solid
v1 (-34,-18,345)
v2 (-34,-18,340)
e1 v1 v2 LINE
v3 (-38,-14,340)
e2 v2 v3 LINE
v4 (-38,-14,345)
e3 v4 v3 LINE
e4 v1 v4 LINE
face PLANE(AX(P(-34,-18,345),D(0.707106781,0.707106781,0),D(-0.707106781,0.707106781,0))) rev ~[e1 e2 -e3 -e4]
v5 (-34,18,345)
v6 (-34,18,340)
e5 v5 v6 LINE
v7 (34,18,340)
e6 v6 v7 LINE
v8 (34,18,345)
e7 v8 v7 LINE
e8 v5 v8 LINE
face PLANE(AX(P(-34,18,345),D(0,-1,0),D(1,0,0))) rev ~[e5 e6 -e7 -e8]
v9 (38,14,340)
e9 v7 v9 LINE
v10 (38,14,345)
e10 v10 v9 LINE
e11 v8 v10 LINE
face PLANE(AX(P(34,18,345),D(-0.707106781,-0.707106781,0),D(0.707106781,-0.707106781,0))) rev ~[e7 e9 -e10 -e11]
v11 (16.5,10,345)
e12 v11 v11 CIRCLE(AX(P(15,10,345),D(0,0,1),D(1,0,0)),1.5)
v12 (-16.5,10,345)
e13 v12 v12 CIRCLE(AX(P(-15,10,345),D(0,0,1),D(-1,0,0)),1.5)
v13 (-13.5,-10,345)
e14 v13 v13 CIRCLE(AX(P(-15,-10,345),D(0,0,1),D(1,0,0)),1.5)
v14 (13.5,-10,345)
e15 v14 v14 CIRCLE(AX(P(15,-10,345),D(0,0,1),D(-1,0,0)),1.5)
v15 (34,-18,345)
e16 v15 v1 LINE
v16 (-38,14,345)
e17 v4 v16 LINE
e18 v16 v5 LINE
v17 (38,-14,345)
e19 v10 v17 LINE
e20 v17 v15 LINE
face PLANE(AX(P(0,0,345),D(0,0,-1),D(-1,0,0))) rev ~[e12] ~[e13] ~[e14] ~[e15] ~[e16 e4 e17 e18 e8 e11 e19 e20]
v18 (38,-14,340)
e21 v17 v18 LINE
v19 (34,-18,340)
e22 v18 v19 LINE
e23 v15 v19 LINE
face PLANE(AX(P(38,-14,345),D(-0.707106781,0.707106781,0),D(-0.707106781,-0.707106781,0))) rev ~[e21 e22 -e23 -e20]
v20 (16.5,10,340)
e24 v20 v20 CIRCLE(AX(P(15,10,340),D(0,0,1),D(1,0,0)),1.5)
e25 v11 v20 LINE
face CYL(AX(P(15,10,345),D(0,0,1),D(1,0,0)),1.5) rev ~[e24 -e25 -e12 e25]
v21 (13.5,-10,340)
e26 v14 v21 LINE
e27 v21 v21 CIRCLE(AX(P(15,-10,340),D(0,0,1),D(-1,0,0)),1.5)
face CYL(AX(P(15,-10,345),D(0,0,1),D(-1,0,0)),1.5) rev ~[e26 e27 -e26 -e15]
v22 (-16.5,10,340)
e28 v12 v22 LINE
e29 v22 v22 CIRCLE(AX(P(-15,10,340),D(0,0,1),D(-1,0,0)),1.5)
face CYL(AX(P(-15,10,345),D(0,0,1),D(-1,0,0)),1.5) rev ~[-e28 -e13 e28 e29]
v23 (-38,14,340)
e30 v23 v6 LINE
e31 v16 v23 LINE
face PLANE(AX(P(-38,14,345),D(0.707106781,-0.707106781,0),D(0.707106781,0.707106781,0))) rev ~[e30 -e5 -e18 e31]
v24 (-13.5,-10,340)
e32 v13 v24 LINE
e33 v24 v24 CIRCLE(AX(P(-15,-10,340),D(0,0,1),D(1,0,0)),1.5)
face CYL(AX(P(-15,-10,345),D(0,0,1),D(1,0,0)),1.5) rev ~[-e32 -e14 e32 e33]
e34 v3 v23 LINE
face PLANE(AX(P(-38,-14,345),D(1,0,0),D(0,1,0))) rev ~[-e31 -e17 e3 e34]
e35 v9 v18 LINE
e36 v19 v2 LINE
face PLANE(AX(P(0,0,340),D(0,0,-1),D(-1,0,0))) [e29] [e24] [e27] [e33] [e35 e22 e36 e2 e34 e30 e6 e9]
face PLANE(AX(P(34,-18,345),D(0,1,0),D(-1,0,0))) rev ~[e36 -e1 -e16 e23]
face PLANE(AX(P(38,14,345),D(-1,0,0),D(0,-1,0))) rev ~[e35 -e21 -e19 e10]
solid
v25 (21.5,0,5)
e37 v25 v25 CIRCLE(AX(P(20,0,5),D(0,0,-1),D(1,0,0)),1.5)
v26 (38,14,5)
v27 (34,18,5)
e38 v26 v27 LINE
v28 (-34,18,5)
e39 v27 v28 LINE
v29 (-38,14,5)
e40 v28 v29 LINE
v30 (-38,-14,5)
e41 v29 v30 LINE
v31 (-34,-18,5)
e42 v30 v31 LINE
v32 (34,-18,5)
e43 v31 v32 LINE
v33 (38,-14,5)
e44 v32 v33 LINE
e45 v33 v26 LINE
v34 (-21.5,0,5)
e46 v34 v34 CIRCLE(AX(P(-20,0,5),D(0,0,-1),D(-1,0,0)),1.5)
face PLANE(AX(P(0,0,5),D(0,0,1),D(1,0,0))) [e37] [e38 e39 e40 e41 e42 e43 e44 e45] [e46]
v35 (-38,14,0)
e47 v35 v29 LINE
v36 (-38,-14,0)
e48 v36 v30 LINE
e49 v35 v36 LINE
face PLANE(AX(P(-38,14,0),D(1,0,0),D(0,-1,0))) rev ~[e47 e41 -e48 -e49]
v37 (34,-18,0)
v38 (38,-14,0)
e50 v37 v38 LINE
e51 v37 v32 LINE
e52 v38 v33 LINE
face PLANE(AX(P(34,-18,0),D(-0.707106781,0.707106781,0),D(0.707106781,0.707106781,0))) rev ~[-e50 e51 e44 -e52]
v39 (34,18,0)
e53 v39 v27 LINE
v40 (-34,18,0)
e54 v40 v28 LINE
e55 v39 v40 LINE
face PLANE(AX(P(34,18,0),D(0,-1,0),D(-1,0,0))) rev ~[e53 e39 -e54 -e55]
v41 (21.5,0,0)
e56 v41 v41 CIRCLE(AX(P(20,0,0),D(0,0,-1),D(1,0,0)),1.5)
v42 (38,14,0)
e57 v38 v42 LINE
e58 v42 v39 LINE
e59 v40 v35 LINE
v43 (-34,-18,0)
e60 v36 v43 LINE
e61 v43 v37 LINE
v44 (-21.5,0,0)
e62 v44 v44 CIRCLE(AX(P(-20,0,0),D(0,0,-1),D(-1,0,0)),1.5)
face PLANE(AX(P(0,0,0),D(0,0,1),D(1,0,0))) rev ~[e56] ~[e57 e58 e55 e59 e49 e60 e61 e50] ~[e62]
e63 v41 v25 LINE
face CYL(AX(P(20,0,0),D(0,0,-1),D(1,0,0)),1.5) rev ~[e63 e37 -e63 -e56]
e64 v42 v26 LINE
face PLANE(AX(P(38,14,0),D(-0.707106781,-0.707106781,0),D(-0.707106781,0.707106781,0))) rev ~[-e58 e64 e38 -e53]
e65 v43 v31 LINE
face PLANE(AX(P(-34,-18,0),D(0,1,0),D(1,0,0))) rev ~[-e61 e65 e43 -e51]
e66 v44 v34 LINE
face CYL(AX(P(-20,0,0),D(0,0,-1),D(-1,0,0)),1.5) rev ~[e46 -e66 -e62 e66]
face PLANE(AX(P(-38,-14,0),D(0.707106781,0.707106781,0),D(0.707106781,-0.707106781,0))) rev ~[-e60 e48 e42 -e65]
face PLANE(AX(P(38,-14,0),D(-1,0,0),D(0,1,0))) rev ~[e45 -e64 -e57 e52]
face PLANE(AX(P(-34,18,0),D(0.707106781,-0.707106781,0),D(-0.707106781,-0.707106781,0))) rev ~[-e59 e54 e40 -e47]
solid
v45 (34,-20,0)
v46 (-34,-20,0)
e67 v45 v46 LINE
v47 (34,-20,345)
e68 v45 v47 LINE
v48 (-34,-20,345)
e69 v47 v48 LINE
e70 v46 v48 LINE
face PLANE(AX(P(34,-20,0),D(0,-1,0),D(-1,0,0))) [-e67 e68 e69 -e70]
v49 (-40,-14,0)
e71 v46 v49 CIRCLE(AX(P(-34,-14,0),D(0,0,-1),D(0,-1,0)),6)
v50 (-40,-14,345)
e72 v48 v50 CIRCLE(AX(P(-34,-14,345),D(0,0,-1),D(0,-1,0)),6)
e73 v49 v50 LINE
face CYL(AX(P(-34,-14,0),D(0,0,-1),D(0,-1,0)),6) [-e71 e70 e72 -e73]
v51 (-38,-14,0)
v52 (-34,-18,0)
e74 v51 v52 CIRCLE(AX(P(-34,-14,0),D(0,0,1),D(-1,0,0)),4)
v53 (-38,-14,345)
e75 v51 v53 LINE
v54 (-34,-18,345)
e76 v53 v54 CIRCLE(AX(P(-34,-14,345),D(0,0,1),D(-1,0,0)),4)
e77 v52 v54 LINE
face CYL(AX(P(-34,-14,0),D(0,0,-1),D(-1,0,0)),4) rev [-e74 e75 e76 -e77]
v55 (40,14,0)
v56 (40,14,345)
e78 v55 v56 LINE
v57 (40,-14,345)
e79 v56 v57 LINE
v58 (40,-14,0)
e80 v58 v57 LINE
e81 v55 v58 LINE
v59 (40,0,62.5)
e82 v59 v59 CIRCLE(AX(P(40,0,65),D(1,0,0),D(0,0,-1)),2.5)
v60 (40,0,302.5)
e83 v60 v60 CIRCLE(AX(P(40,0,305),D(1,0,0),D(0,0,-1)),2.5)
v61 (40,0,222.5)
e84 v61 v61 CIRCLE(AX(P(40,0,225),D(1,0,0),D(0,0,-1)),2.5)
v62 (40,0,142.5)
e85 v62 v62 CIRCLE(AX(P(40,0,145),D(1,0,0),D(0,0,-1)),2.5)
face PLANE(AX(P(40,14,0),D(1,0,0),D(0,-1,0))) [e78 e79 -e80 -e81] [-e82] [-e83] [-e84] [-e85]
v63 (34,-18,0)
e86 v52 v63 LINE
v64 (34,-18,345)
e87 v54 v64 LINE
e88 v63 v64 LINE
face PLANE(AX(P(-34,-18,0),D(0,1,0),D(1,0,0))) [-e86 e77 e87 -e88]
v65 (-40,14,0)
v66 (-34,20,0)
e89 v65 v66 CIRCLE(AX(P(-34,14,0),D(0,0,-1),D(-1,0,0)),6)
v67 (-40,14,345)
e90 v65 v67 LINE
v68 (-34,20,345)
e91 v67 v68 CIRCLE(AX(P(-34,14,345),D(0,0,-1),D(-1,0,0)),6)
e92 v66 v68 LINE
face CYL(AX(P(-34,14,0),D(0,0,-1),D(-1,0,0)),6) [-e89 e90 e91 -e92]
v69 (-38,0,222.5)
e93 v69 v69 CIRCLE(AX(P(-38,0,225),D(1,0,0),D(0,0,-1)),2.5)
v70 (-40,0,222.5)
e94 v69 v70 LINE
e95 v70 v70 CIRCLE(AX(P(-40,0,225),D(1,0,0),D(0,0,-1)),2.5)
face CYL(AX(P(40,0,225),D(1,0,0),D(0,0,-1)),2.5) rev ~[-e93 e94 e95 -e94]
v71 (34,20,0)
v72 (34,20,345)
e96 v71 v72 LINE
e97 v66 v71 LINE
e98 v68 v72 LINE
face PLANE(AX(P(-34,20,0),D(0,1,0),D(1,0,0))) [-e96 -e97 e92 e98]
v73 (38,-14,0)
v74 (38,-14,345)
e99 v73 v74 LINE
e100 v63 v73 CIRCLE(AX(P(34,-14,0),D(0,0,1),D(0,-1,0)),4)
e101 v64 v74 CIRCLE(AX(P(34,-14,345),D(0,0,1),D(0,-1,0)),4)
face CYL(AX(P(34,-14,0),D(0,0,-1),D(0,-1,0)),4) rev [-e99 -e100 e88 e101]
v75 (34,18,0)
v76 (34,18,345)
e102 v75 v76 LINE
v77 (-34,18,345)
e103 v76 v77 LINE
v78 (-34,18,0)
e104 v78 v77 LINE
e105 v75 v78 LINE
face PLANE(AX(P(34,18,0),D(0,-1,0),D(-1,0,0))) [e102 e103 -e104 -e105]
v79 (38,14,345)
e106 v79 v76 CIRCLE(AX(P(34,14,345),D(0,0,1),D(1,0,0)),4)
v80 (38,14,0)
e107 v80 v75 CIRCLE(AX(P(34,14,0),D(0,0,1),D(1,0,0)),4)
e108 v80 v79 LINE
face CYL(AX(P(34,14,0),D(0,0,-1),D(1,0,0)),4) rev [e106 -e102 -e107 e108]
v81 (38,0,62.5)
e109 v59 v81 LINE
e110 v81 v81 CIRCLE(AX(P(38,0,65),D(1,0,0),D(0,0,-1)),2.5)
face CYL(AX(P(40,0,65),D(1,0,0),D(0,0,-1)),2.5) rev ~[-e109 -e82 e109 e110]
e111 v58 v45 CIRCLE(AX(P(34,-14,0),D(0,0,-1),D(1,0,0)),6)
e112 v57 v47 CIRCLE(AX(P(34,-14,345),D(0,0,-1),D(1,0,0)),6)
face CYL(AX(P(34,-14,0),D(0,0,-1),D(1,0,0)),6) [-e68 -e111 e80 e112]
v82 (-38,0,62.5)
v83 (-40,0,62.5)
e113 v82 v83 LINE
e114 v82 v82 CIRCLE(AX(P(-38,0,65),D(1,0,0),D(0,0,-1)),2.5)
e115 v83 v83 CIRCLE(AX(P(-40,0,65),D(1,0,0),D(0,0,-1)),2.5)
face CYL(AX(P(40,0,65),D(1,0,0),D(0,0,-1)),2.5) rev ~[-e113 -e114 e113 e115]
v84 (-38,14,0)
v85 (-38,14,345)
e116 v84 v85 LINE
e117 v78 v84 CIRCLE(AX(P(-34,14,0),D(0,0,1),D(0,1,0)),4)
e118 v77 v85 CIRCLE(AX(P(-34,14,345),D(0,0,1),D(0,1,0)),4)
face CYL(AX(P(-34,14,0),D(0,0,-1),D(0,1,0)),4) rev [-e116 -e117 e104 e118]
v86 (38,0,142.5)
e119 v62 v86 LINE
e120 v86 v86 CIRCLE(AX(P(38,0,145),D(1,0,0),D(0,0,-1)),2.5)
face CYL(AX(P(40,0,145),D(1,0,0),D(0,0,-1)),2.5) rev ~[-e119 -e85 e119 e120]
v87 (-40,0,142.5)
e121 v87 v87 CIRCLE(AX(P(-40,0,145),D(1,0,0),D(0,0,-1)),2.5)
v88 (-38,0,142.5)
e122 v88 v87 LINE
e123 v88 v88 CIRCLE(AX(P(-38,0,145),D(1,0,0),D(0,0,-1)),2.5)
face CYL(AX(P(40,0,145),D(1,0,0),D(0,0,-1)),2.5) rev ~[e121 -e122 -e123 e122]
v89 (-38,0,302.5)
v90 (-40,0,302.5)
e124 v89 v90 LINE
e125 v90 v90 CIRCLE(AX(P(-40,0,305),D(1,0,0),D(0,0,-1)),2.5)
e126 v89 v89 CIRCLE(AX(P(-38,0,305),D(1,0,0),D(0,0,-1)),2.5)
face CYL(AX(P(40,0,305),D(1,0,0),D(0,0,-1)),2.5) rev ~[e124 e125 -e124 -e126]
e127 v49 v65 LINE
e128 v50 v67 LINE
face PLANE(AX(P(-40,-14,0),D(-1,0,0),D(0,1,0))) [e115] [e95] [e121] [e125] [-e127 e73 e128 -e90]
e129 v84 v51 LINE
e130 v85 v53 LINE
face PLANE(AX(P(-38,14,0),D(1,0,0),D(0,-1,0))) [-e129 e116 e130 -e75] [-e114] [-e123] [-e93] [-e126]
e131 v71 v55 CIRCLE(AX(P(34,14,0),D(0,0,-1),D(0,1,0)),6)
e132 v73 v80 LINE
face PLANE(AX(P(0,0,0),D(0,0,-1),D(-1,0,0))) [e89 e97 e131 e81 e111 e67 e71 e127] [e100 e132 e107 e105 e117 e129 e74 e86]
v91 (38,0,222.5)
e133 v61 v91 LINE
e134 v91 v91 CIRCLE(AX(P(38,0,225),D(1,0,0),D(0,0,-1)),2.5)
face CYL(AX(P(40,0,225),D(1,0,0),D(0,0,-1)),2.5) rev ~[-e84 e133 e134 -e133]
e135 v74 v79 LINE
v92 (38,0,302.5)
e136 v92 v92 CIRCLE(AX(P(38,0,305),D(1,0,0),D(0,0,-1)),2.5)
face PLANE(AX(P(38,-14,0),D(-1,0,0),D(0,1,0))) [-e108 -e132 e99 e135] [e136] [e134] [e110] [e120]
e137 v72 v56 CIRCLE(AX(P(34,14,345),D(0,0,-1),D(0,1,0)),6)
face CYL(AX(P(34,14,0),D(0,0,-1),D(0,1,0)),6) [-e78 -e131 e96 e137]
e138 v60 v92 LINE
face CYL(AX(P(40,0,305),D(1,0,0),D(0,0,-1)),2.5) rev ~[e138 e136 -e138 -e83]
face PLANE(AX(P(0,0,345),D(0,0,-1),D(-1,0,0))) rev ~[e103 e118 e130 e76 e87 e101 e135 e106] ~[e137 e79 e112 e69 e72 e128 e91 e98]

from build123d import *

# Parameters (mm, degrees)
AUFSATZ_LINEAR_AUSTRAGEN1_DEPTH = 345
AUFSATZ_LINEAR_AUSTRAGEN2_DEPTH = 5
AUFSATZ_LINEAR_AUSTRAGEN3_DEPTH = 5
SKIZZE4_R                       = 2.5
SCHNITT_LINEAR_AUSTRAGEN1_DEPTH = 100
SKIZZE5_R                       = 1.5
SCHNITT_LINEAR_AUSTRAGEN2_DEPTH = 10
SKIZZE6_R                       = 1.5
SCHNITT_LINEAR_AUSTRAGEN3_DEPTH = 10


with BuildPart() as part:
    # Skizze1 → Aufsatz-Linear austragen1 (new body)
    with BuildSketch(Plane.XY):
        with BuildLine():
            Line((-34, 20), (34, 20))
            ThreePointArc((34, 20), (38.242640687, 18.242640687), (40, 14))
            Line((40, 14), (40, -14))
            ThreePointArc((40, -14), (38.242640687, -18.242640687), (34, -20))
            Line((34, -20), (-34, -20))
            ThreePointArc((-34, -20), (-38.242640687, -18.242640687), (-40, -14))
            Line((-40, -14), (-40, 14))
            ThreePointArc((-40, 14), (-38.242640687, 18.242640687), (-34, 20))
        make_face()
        with BuildLine():
            Line((-38, 14), (-38, -14))
            ThreePointArc((-38, -14), (-36.828427125, -16.828427125), (-34, -18))
            Line((-34, -18), (34, -18))
            ThreePointArc((34, -18), (36.828427125, -16.828427125), (38, -14))
            Line((38, -14), (38, 14))
            ThreePointArc((38, 14), (36.828427125, 16.828427125), (34, 18))
            Line((34, 18), (-34, 18))
            ThreePointArc((-34, 18), (-36.828427125, 16.828427125), (-38, 14))
        make_face(mode=Mode.SUBTRACT)
    extrude(amount=AUFSATZ_LINEAR_AUSTRAGEN1_DEPTH)

    # Skizze4 → Schnitt-Linear austragen1 (cut)
    with BuildSketch(Plane(origin=(40, 0, 0), x_dir=(0, 0, -1), z_dir=(1, 0, 0))):
        with Locations((-305, 0)):
            Circle(SKIZZE4_R)
        with Locations((-225, 0)):
            Circle(SKIZZE4_R)
        with Locations((-145, 0)):
            Circle(SKIZZE4_R)
        with Locations((-65, 0)):
            Circle(SKIZZE4_R)
    extrude(amount=-SCHNITT_LINEAR_AUSTRAGEN1_DEPTH, mode=Mode.SUBTRACT)


with BuildPart() as body_2:
    # Skizze2 → Aufsatz-Linear austragen2 (new body)
    with BuildSketch(Plane(origin=(0, 0, 0), x_dir=(-1, 0, 0), z_dir=(0, 0, -1))):
        Polygon((38, 14), (38, -14), (34, -18), (-34, -18), (-38, -14), (-38, 14), (-34, 18), (34, 18), align=None)
    extrude(amount=-AUFSATZ_LINEAR_AUSTRAGEN2_DEPTH)

    # Skizze5 → Schnitt-Linear austragen2 (cut)
    with BuildSketch(Plane(origin=(0, 0, 0), x_dir=(-1, 0, 0), z_dir=(0, 0, -1))):
        with Locations((20, 0)):
            Circle(SKIZZE5_R)
        with Locations(Location((-20, 0, 0), (0, 0, 180))):
            Circle(SKIZZE5_R)
    extrude(amount=-SCHNITT_LINEAR_AUSTRAGEN2_DEPTH, mode=Mode.SUBTRACT)


with BuildPart() as body_3:
    # Skizze3 → Aufsatz-Linear austragen3 (new body)
    with BuildSketch(Plane.XY.offset(345)):
        Polygon((34, 18), (38, 14), (38, -14), (34, -18), (-34, -18), (-38, -14), (-38, 14), (-34, 18), align=None)
    extrude(amount=-AUFSATZ_LINEAR_AUSTRAGEN3_DEPTH)

    # Skizze6 → Schnitt-Linear austragen3 (cut)
    with BuildSketch(Plane.XY.offset(345)):
        with Locations((15, 10)):
            Circle(SKIZZE6_R)
        with Locations(Location((-15, 10, 0), (0, 0, 180))):
            Circle(SKIZZE6_R)
        with Locations(Location((15, -10, 0), (0, 0, 180))):
            Circle(SKIZZE6_R)
        with Locations((-15, -10)):
            Circle(SKIZZE6_R)
    extrude(amount=-SCHNITT_LINEAR_AUSTRAGEN3_DEPTH, mode=Mode.SUBTRACT)


solid = Compound([part.part, body_2.part, body_3.part])
